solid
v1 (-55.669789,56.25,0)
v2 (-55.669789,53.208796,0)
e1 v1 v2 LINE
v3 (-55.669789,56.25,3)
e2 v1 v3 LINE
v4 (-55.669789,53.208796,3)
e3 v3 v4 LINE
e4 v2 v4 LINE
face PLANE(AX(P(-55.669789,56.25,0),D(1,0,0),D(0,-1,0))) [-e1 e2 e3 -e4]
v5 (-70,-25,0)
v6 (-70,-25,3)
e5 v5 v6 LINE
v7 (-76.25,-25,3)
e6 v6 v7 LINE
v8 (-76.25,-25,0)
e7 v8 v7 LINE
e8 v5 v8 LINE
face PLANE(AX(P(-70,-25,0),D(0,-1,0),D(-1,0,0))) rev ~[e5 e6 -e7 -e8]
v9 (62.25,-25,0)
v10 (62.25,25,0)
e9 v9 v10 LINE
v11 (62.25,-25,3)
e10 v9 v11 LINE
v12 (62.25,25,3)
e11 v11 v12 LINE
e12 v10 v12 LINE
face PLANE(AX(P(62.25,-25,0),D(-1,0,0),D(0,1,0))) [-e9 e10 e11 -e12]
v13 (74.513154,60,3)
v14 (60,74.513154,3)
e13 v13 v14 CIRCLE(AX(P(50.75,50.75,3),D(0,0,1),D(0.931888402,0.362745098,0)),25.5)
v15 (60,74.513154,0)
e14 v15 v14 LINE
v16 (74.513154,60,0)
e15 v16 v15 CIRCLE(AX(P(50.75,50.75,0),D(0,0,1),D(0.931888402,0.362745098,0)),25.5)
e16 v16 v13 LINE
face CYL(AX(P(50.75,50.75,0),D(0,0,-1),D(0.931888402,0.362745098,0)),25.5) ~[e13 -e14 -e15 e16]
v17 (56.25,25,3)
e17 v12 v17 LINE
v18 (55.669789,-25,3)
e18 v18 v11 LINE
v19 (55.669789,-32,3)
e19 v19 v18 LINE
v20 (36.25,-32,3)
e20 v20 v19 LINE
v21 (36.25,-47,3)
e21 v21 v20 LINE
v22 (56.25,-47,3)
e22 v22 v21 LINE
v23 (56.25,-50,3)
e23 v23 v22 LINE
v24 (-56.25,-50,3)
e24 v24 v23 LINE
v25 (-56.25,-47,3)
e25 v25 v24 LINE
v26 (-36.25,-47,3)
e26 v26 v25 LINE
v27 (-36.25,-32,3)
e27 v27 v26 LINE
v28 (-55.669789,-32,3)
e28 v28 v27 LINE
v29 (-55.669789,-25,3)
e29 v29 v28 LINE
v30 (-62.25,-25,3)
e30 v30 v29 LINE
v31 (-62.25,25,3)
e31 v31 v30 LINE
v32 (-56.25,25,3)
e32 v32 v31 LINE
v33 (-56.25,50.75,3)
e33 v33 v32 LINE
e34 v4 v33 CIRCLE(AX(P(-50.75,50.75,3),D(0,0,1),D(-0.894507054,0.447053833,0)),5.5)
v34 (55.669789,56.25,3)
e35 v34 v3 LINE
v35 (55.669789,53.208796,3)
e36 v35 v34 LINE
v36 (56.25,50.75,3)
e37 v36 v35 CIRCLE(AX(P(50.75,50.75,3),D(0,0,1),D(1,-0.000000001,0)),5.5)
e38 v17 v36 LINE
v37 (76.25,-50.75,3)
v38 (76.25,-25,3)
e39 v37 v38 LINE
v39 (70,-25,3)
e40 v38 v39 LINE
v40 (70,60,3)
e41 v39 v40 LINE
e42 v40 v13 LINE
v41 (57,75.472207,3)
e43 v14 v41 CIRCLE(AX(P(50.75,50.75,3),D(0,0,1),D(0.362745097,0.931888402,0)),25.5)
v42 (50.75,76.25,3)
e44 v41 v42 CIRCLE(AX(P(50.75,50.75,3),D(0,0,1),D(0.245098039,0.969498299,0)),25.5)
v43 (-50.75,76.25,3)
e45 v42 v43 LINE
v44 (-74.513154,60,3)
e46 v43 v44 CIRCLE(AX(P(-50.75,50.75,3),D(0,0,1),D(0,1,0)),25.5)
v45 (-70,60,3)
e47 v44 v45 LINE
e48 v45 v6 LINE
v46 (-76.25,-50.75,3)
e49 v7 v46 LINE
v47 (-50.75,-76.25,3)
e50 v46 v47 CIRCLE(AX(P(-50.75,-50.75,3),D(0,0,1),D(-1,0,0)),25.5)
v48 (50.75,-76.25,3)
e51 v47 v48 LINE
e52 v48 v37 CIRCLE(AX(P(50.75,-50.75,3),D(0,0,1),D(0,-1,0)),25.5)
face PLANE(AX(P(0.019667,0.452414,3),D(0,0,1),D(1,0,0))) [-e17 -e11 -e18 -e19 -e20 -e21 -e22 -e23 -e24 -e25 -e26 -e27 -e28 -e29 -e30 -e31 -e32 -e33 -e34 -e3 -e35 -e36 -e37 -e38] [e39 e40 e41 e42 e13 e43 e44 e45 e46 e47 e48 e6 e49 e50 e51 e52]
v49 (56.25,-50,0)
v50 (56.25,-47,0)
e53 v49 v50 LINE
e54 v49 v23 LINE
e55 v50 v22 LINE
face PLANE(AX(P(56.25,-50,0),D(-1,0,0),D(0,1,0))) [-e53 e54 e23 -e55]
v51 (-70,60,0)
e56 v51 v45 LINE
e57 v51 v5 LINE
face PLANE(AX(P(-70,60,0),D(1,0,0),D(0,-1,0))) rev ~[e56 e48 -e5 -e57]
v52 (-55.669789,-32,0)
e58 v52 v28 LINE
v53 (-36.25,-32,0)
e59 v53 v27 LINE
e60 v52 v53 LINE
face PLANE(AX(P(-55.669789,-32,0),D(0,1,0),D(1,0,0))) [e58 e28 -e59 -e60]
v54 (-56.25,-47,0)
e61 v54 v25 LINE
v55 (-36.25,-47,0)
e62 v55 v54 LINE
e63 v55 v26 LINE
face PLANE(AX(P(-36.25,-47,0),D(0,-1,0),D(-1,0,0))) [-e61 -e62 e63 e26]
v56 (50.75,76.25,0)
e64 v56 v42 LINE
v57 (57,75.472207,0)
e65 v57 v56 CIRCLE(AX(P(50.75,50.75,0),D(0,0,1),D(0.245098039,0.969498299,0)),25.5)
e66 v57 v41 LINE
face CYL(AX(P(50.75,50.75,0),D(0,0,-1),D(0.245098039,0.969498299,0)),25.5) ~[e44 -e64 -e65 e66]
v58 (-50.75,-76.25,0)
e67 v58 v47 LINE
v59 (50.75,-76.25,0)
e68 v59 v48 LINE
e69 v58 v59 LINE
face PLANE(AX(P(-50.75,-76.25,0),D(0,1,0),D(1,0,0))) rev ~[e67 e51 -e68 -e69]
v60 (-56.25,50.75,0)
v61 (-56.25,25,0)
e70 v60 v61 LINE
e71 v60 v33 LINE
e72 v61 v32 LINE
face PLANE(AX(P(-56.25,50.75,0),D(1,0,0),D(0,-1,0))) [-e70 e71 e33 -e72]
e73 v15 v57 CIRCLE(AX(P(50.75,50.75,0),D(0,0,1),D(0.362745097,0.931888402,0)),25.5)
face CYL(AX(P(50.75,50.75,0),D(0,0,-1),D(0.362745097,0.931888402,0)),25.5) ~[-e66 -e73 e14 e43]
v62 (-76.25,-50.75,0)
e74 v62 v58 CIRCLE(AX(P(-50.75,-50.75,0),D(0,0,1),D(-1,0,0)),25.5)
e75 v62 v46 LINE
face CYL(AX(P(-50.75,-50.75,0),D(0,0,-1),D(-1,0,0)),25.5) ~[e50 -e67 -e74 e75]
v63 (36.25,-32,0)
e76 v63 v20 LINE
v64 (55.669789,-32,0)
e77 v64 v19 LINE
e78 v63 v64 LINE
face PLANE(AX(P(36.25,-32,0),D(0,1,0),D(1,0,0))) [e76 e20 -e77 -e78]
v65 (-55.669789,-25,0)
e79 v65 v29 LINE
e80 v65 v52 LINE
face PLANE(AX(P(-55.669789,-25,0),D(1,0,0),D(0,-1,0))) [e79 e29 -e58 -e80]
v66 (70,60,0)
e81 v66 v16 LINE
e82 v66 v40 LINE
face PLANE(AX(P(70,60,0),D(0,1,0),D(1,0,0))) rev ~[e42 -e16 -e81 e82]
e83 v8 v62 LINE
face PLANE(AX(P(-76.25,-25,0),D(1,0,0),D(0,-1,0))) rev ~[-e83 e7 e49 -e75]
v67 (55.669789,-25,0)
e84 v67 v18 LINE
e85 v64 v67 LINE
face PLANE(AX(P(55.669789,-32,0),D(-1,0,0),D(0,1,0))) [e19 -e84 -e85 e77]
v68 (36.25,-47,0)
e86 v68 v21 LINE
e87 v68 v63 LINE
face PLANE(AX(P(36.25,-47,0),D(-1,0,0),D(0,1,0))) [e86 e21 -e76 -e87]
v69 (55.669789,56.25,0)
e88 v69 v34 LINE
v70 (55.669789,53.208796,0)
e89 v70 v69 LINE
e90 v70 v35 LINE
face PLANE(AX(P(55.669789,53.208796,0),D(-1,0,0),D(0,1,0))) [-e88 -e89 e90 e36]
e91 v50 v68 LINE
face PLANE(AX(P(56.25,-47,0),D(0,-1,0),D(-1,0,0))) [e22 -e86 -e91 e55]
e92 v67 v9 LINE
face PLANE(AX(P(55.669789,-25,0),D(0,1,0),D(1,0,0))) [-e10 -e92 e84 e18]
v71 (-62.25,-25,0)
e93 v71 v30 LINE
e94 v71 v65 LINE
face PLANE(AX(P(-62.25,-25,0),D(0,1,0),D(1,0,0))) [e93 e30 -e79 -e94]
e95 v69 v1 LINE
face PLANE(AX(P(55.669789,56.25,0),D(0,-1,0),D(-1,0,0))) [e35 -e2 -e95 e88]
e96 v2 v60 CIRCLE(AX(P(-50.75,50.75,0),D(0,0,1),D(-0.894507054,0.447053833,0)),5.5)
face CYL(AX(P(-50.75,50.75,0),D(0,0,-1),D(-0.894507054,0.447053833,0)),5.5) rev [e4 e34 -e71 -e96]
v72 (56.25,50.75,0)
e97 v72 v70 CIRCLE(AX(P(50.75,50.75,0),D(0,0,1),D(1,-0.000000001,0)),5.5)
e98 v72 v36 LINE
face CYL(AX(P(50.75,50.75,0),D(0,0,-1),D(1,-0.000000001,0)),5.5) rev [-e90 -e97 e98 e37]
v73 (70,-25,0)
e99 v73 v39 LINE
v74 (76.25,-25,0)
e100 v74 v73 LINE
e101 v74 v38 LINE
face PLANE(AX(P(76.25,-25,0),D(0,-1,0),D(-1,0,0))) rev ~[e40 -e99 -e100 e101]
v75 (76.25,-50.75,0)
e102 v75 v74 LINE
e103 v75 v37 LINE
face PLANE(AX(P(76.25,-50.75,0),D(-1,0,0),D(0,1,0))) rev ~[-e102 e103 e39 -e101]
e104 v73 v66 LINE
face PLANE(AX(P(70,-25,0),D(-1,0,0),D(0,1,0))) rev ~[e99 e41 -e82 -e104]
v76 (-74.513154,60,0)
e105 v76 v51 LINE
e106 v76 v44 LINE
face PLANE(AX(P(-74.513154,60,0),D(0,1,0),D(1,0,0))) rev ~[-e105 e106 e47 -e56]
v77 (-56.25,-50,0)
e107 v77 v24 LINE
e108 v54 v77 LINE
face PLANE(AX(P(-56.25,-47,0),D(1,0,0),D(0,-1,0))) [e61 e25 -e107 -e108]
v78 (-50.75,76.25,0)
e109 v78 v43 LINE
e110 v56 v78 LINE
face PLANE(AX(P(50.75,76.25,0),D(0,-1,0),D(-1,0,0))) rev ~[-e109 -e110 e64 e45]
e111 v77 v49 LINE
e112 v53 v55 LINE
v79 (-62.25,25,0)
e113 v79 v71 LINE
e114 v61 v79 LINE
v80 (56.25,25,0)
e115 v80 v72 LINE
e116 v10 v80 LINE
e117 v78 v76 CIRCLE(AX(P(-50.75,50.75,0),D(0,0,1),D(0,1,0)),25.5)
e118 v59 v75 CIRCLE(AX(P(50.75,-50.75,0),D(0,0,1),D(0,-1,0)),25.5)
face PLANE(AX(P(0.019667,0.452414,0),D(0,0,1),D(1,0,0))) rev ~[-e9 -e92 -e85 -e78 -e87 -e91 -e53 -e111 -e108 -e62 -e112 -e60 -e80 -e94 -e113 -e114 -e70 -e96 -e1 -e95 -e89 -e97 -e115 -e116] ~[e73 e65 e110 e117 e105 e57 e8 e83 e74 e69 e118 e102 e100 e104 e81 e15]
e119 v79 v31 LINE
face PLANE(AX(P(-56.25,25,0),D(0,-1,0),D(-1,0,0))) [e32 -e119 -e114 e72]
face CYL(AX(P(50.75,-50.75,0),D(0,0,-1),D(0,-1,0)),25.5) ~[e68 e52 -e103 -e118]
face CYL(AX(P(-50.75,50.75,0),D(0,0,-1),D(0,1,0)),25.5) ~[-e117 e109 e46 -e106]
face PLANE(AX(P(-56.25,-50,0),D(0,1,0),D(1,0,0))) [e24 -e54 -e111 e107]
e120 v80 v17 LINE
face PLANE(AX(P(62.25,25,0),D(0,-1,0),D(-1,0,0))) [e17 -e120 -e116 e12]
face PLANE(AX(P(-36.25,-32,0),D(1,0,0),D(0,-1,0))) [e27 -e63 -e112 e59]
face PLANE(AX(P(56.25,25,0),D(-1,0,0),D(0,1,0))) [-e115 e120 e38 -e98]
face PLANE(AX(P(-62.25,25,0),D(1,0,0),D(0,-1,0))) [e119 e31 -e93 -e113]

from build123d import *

# Parameters (mm, degrees)
BOSS_EXTRUDE1_DEPTH = 3


with BuildPart() as part:
    # Sketch1 → Boss-Extrude1 (new body)
    with BuildSketch(Plane.XY):
        with BuildLine():
            Line((76.25, -25), (70, -25))
            Line((70, -25), (70, 60))
            Line((70, 60), (74.513154252, 60))
            ThreePointArc((74.513154252, 60), (68.78122292, 68.78122292), (60, 74.513154252))
            ThreePointArc((60, 74.513154252), (58.514821012, 75.039041863), (57, 75.472206616))
            ThreePointArc((57, 75.472206616), (53.899105529, 76.05480457), (50.75, 76.25))
            Line((50.75, 76.25), (-50.75, 76.25))
            ThreePointArc((-50.75, 76.25), (-65.14400917, 71.79904986), (-74.513154252, 60))
            Line((-74.513154252, 60), (-70, 60))
            Line((-70, 60), (-70, -25))
            Line((-70, -25), (-76.25, -25))
            Line((-76.25, -25), (-76.25, -50.75))
            ThreePointArc((-76.25, -50.75), (-68.78122292, -68.78122292), (-50.75, -76.25))
            Line((-50.75, -76.25), (50.75, -76.25))
            ThreePointArc((50.75, -76.25), (68.78122292, -68.78122292), (76.25, -50.75))
            Line((76.25, -50.75), (76.25, -25))
        make_face()
        with BuildLine():
            Line((56.25, -50), (56.25, -47))
            Line((56.25, -47), (49.746794345, -47))
            Line((49.746794345, -47), (36.25, -47))
            Line((36.25, -47), (36.25, -32))
            Line((36.25, -32), (55.669788796, -32))
            Line((55.669788796, -32), (55.669788796, -25))
            Line((55.669788796, -25), (56.25, -25))
            Line((56.25, -25), (62.25, -25))
            Line((62.25, -25), (62.25, 25))
            Line((62.25, 25), (56.249999998, 25))
            Line((56.249999998, 25), (56.249999998, 50.75))
            ThreePointArc((56.249999998, 50.75), (56.102982269, 52.013163019), (55.669788794, 53.208796089))
            Line((55.669788794, 53.208796089), (55.669788794, 56.25))
            Line((55.669788794, 56.25), (-55.669788796, 56.25))
            Line((-55.669788796, 56.25), (-55.669788796, 53.208796089))
            ThreePointArc((-55.669788796, 53.208796089), (-56.10298227, 52.013163019), (-56.25, 50.75))
            Line((-56.25, 50.75), (-56.25, 25))
            Line((-56.25, 25), (-62.25, 25))
            Line((-62.25, 25), (-62.25, -25))
            Line((-62.25, -25), (-56.25, -25))
            Line((-56.25, -25), (-55.669788796, -25))
            Line((-55.669788796, -25), (-55.669788796, -32))
            Line((-55.669788796, -32), (-36.25, -32))
            Line((-36.25, -32), (-36.25, -47))
            Line((-36.25, -47), (-49.746794345, -47))
            Line((-49.746794345, -47), (-56.25, -47))
            Line((-56.25, -47), (-56.25, -50))
            Line((-56.25, -50), (-49.746794345, -50))
            Line((-49.746794345, -50), (49.746794345, -50))
            Line((49.746794345, -50), (56.25, -50))
        make_face(mode=Mode.SUBTRACT)
    extrude(amount=BOSS_EXTRUDE1_DEPTH)


solid = part.part
